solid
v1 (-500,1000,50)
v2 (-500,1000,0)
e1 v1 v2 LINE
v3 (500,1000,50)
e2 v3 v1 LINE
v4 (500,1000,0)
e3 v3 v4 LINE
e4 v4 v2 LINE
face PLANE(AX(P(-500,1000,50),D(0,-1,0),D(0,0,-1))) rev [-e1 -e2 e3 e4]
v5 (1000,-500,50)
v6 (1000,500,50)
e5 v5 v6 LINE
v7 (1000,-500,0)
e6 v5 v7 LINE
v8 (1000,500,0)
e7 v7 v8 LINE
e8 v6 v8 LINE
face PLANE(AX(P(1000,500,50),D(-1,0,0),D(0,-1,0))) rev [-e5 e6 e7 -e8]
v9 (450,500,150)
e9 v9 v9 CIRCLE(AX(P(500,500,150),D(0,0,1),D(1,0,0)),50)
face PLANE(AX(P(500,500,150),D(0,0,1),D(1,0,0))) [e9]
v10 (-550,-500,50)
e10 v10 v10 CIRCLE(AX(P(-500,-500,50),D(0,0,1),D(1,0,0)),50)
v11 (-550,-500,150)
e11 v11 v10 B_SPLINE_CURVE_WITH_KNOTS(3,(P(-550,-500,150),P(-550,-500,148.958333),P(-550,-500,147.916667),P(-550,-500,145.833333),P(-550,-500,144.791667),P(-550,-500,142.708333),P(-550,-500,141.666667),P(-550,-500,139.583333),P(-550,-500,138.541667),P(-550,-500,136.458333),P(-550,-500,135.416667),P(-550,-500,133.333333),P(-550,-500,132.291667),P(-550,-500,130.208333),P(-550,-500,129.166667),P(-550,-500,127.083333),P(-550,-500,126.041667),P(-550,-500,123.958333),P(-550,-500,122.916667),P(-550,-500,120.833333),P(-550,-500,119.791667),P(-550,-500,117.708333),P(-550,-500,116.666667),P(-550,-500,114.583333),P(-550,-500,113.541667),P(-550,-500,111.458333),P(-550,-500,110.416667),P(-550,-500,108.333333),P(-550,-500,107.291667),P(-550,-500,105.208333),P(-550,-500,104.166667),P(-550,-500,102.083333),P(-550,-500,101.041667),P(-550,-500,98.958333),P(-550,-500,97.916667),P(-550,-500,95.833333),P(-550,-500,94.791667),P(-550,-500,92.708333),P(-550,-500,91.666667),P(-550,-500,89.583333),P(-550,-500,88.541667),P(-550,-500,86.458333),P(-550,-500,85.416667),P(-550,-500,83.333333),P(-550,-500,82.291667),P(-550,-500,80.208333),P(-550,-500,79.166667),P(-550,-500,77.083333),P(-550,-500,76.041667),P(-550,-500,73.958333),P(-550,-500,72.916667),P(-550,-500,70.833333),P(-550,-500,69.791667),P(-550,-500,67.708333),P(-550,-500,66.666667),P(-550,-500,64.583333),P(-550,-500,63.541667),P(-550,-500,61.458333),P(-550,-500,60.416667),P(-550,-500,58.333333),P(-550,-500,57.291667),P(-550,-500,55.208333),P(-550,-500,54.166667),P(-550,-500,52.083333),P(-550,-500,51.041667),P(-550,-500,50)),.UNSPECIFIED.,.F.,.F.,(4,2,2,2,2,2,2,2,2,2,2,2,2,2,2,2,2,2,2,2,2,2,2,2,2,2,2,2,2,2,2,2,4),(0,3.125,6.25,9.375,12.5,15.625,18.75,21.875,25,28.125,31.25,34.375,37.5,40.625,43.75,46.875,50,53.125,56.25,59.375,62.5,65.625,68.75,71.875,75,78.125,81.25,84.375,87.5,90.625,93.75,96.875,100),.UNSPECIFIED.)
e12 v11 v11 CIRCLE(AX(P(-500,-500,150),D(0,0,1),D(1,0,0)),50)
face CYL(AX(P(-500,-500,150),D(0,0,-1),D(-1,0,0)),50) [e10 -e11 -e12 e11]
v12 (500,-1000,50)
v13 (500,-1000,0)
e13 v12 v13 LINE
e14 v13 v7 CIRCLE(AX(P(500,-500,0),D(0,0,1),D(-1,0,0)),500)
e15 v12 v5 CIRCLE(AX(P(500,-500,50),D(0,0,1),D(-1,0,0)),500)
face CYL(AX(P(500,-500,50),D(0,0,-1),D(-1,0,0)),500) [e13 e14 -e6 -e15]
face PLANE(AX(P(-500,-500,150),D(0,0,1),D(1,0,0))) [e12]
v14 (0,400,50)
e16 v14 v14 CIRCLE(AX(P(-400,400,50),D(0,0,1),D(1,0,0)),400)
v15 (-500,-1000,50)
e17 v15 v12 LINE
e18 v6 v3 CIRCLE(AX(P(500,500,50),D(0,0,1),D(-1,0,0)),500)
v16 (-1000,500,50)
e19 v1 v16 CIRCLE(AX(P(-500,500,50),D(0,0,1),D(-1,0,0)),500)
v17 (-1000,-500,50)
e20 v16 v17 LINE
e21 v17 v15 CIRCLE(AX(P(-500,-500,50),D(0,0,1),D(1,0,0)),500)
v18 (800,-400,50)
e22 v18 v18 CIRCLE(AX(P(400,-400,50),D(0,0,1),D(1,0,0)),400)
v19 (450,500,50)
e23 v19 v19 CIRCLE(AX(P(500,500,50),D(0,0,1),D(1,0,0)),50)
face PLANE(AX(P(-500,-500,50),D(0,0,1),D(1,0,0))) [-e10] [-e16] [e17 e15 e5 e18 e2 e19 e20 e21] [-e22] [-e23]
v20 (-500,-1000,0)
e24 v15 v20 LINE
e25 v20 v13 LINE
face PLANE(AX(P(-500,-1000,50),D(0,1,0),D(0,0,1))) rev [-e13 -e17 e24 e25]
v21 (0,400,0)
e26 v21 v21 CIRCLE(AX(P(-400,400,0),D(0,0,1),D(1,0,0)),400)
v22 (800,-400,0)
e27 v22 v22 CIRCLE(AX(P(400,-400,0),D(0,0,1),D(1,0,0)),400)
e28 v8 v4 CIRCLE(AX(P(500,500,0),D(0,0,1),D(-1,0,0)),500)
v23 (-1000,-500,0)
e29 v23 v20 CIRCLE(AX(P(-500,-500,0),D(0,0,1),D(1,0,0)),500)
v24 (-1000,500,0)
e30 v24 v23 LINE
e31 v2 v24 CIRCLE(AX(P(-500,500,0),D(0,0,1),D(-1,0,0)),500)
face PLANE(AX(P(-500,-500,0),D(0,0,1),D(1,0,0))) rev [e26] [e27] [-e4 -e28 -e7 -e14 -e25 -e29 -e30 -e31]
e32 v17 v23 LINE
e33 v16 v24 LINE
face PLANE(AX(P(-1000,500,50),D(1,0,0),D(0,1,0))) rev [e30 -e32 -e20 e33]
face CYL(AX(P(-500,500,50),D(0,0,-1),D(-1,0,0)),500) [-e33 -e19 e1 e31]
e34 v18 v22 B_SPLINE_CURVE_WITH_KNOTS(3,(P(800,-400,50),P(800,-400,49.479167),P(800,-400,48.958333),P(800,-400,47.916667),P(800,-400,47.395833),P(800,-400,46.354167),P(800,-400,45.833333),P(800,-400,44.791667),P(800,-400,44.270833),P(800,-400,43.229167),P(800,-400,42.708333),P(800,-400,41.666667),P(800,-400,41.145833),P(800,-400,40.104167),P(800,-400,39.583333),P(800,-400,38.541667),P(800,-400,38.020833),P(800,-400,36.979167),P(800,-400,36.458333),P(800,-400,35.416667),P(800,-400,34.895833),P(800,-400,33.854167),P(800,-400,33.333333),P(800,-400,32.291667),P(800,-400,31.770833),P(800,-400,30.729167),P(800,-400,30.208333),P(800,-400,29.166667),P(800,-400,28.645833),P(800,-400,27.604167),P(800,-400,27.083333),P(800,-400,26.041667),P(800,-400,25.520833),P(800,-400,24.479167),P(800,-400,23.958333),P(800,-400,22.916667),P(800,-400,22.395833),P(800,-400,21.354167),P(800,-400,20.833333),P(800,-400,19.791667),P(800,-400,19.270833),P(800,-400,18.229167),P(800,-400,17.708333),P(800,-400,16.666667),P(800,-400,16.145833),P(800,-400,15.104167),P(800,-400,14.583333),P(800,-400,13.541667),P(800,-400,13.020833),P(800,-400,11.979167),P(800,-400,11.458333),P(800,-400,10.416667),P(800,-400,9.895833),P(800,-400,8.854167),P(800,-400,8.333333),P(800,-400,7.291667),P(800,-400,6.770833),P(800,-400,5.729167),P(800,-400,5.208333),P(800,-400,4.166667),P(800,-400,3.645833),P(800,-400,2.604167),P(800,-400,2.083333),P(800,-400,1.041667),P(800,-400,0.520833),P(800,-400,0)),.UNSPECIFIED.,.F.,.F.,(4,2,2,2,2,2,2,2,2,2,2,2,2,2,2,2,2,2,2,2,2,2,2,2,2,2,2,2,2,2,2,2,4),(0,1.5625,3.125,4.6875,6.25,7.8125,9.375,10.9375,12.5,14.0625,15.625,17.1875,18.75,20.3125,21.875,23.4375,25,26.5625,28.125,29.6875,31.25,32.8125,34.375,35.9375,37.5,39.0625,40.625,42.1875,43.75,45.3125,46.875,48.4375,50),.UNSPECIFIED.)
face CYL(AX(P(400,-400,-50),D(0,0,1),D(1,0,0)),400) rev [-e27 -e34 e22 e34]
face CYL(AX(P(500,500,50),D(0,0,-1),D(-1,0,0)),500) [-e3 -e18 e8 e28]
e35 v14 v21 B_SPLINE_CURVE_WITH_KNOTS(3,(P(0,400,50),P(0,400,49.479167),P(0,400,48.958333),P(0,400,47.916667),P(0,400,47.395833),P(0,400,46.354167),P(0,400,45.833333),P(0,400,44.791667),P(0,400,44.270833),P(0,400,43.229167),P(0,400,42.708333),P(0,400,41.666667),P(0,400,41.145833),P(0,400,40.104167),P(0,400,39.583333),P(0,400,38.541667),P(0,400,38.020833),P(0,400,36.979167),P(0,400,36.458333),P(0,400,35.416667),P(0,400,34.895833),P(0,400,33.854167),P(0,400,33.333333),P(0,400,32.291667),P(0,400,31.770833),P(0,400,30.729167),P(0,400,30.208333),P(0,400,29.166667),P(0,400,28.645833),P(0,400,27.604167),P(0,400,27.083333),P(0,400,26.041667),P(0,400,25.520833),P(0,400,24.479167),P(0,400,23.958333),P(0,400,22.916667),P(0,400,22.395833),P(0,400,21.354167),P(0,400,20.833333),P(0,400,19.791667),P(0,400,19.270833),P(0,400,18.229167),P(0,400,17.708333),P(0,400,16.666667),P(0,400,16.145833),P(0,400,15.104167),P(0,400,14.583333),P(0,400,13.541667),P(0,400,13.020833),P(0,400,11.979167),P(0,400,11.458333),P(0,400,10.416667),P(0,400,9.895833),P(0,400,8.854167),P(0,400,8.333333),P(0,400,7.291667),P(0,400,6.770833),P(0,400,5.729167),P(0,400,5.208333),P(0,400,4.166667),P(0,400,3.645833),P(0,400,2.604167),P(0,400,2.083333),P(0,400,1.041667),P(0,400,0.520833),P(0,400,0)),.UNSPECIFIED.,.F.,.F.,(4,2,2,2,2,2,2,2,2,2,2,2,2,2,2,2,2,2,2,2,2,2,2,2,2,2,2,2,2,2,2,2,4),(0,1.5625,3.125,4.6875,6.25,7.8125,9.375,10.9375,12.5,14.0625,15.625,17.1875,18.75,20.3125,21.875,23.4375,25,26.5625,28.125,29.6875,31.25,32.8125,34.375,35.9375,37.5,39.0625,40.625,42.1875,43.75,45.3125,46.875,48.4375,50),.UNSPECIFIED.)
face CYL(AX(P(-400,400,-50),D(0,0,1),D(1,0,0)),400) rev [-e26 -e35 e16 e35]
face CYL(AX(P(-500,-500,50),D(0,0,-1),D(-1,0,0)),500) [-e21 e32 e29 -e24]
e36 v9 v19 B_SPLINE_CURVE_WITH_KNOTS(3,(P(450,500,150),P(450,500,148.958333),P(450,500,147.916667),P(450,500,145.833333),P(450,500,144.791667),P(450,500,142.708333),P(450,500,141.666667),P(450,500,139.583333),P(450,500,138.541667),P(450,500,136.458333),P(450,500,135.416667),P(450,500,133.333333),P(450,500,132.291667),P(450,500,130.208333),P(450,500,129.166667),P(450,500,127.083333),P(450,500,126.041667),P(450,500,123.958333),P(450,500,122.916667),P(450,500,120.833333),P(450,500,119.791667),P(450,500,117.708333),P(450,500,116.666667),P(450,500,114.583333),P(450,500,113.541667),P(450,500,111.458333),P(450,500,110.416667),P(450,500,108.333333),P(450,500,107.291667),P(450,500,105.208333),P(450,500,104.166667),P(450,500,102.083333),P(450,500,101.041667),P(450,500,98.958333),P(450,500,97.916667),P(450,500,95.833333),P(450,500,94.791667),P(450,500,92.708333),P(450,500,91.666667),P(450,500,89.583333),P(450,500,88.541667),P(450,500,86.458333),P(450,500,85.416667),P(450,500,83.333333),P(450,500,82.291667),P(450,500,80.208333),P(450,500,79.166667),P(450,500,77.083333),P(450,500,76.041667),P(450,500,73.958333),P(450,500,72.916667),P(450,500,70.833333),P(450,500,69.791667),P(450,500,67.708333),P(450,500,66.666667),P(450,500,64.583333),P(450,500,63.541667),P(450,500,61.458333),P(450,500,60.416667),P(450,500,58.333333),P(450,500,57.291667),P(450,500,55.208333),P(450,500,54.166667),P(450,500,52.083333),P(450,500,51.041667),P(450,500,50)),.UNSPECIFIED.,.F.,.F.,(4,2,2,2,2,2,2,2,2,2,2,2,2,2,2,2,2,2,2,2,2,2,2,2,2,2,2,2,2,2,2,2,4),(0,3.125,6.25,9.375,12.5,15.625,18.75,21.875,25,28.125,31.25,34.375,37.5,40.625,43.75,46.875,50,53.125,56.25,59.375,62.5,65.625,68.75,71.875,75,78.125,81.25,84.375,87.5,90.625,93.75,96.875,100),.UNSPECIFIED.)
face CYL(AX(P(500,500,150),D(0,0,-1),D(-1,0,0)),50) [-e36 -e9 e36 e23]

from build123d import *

# Parameters (mm, degrees)
BOSS_EXTRUDE1_DEPTH = 50
SKETCH2_R           = 50
BOSS_EXTRUDE2_DEPTH = 100
SKETCH3_R           = 400
CUT_EXTRUDE1_DEPTH  = 100


with BuildPart() as part:
    # Sketch1 → Boss-Extrude1 (new body)
    with BuildSketch(Plane.XY):
        with BuildLine():
            Line((-500, 1000), (500, 1000))
            ThreePointArc((500, 1000), (853.553390593, 853.553390593), (1000, 500))
            Line((1000, 500), (1000, -500))
            ThreePointArc((1000, -500), (853.553390593, -853.553390593), (500, -1000))
            Line((500, -1000), (-500, -1000))
            ThreePointArc((-500, -1000), (-853.553390593, -853.553390593), (-1000, -500))
            Line((-1000, -500), (-1000, 500))
            ThreePointArc((-1000, 500), (-853.553390593, 853.553390593), (-500, 1000))
        make_face()
    extrude(amount=BOSS_EXTRUDE1_DEPTH)

    # Sketch2 → Boss-Extrude2 (add)
    with BuildSketch(Plane.XY.offset(50)):
        with Locations(Location((-500, -500, 0), (0, 0, 180))):
            Circle(SKETCH2_R)
        with Locations(Location((500, 500, 0), (0, 0, 180))):
            Circle(SKETCH2_R)
    extrude(amount=BOSS_EXTRUDE2_DEPTH)

    # Sketch3 → Cut-Extrude1 (cut)
    with BuildSketch(Plane.XY.offset(50)):
        with Locations((400, -400)):
            Circle(SKETCH3_R)
        with Locations((-400, 400)):
            Circle(SKETCH3_R)
    extrude(amount=-CUT_EXTRUDE1_DEPTH, mode=Mode.SUBTRACT)


solid = part.part
